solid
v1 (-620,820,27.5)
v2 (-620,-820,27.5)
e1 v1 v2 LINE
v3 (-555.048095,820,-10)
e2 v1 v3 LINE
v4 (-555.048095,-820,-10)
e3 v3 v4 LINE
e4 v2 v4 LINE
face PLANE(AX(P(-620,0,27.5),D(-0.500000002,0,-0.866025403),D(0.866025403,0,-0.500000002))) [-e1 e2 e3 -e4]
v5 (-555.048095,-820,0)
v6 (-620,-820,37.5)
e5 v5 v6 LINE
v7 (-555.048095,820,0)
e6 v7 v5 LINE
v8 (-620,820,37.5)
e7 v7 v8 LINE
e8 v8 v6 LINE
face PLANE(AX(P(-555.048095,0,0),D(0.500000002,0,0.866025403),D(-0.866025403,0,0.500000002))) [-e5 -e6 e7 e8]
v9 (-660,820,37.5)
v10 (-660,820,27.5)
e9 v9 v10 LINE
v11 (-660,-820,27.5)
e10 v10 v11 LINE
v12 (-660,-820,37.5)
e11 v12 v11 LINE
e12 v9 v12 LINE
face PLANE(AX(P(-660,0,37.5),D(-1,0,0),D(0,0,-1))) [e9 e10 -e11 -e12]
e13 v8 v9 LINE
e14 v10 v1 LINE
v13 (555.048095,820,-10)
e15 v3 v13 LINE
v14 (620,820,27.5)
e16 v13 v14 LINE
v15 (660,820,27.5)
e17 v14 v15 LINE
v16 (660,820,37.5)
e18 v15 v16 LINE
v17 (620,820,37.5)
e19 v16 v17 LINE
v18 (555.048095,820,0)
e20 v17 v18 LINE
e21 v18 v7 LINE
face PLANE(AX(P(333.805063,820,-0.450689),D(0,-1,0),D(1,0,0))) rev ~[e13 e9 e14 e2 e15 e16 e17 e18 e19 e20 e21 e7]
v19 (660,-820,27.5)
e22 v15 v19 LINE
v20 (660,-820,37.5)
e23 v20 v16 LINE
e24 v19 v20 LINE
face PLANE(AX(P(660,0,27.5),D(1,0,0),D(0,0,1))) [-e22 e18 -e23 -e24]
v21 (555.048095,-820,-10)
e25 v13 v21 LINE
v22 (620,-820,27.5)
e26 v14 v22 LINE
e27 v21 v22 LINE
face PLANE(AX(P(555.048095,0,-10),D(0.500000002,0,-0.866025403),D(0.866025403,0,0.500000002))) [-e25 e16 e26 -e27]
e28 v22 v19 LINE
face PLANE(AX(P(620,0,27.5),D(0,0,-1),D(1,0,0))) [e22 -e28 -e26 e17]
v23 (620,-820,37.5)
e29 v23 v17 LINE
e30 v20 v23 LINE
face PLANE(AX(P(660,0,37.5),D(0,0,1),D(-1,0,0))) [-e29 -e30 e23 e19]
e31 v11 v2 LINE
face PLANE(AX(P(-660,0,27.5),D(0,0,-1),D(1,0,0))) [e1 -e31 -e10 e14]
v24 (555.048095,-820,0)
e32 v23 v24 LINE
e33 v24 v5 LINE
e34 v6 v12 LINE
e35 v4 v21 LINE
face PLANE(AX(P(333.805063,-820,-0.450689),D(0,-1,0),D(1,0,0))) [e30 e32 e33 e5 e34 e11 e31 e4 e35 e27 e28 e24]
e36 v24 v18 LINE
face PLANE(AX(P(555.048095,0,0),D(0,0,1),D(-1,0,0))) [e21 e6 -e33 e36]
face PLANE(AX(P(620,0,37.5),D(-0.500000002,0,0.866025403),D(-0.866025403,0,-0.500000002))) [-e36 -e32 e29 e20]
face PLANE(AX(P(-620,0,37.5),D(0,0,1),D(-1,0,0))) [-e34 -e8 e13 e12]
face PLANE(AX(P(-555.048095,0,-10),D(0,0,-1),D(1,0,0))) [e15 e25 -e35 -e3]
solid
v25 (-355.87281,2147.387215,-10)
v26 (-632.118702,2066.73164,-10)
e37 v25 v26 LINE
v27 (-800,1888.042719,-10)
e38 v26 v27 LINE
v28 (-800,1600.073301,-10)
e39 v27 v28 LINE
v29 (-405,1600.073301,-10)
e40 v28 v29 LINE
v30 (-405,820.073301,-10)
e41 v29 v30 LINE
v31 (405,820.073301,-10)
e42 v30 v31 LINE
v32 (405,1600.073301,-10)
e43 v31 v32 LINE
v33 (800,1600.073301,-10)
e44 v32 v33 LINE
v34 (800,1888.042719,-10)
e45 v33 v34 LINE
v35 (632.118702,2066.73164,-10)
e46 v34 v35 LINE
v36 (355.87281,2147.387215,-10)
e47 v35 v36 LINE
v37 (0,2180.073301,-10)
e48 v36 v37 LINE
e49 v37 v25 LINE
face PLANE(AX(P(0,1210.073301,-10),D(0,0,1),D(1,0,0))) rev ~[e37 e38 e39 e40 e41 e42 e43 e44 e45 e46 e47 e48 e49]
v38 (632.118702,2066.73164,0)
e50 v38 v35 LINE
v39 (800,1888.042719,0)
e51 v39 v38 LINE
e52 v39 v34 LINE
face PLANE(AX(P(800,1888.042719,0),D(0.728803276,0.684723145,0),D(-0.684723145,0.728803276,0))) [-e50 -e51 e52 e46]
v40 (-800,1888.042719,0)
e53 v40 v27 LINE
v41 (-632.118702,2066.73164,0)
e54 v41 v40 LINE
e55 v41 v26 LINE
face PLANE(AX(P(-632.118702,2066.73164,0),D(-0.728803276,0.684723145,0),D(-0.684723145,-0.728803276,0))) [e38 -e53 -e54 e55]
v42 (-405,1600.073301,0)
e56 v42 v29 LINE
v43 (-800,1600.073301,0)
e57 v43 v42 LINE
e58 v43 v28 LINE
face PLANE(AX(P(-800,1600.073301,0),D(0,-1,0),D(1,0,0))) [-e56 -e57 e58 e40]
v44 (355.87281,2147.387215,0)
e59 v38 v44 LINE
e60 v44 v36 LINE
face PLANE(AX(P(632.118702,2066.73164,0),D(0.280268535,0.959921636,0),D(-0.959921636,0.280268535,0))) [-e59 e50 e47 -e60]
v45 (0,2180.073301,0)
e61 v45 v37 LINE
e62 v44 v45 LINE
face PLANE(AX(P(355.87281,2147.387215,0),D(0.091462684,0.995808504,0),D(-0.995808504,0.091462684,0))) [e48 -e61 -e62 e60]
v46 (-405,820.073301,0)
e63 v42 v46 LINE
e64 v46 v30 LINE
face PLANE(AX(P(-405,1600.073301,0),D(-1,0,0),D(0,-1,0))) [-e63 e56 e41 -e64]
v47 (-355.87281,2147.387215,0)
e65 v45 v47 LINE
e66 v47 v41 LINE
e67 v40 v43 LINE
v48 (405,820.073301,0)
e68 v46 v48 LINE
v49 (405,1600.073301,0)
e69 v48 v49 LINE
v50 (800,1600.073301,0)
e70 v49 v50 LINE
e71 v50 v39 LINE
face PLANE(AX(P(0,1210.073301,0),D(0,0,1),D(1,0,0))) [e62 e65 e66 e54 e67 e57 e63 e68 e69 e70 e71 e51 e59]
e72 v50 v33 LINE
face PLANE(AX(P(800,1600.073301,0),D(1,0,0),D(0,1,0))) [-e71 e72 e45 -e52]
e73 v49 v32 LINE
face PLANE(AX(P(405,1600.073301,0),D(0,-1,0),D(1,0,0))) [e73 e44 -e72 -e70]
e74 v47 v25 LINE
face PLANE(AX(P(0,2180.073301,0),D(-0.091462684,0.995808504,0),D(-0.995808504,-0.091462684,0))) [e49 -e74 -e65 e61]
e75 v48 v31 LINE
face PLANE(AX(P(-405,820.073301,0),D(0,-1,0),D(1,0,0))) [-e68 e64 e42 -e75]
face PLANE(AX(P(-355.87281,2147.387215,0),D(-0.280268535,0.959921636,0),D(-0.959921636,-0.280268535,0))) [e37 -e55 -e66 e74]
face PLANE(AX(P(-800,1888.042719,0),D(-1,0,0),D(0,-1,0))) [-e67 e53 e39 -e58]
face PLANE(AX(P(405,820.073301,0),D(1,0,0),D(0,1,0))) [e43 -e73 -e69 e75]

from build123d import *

# Parameters (mm, degrees)
F2_DEPTH = 820
F3_DEPTH = 10


with BuildPart() as f2:
    # F0 (on Front) → F2 (new body, symmetric)
    with BuildSketch(Plane.XZ):
        Polygon((555.048095, 0), (0, 0), (0, -10), (555.048095, -10), (620, 27.5), (660, 27.5), (660, 37.5), (620, 37.5), align=None)
        Polygon((0, -10), (0, 0), (-555.048095, 0), (-620, 37.5), (-660, 37.5), (-660, 27.5), (-620, 27.5), (-555.048095, -10), align=None)
    extrude(amount=F2_DEPTH, both=True)


with BuildPart() as f3:
    # F1 (on Top) → F3 (new body)
    with BuildSketch(Plane.XY):
        Polygon((-405, 820.073301), (0, 820.073301), (405, 820.073301), (405, 1600.073301), (0, 1600.073301), (-405, 1600.073301), align=None)
        Polygon((0, 1600.073301), (405, 1600.073301), (800, 1600.073301), (800, 1888.042719), (632.118702, 2066.73164), (355.87281, 2147.387215), (0, 2180.073301), align=None)
        Polygon((-800, 1600.073301), (-405, 1600.073301), (0, 1600.073301), (0, 2180.073301), (-355.87281, 2147.387215), (-632.118702, 2066.73164), (-800, 1888.042719), align=None)
    extrude(amount=-F3_DEPTH)


solid = Compound([f2.part, f3.part])
